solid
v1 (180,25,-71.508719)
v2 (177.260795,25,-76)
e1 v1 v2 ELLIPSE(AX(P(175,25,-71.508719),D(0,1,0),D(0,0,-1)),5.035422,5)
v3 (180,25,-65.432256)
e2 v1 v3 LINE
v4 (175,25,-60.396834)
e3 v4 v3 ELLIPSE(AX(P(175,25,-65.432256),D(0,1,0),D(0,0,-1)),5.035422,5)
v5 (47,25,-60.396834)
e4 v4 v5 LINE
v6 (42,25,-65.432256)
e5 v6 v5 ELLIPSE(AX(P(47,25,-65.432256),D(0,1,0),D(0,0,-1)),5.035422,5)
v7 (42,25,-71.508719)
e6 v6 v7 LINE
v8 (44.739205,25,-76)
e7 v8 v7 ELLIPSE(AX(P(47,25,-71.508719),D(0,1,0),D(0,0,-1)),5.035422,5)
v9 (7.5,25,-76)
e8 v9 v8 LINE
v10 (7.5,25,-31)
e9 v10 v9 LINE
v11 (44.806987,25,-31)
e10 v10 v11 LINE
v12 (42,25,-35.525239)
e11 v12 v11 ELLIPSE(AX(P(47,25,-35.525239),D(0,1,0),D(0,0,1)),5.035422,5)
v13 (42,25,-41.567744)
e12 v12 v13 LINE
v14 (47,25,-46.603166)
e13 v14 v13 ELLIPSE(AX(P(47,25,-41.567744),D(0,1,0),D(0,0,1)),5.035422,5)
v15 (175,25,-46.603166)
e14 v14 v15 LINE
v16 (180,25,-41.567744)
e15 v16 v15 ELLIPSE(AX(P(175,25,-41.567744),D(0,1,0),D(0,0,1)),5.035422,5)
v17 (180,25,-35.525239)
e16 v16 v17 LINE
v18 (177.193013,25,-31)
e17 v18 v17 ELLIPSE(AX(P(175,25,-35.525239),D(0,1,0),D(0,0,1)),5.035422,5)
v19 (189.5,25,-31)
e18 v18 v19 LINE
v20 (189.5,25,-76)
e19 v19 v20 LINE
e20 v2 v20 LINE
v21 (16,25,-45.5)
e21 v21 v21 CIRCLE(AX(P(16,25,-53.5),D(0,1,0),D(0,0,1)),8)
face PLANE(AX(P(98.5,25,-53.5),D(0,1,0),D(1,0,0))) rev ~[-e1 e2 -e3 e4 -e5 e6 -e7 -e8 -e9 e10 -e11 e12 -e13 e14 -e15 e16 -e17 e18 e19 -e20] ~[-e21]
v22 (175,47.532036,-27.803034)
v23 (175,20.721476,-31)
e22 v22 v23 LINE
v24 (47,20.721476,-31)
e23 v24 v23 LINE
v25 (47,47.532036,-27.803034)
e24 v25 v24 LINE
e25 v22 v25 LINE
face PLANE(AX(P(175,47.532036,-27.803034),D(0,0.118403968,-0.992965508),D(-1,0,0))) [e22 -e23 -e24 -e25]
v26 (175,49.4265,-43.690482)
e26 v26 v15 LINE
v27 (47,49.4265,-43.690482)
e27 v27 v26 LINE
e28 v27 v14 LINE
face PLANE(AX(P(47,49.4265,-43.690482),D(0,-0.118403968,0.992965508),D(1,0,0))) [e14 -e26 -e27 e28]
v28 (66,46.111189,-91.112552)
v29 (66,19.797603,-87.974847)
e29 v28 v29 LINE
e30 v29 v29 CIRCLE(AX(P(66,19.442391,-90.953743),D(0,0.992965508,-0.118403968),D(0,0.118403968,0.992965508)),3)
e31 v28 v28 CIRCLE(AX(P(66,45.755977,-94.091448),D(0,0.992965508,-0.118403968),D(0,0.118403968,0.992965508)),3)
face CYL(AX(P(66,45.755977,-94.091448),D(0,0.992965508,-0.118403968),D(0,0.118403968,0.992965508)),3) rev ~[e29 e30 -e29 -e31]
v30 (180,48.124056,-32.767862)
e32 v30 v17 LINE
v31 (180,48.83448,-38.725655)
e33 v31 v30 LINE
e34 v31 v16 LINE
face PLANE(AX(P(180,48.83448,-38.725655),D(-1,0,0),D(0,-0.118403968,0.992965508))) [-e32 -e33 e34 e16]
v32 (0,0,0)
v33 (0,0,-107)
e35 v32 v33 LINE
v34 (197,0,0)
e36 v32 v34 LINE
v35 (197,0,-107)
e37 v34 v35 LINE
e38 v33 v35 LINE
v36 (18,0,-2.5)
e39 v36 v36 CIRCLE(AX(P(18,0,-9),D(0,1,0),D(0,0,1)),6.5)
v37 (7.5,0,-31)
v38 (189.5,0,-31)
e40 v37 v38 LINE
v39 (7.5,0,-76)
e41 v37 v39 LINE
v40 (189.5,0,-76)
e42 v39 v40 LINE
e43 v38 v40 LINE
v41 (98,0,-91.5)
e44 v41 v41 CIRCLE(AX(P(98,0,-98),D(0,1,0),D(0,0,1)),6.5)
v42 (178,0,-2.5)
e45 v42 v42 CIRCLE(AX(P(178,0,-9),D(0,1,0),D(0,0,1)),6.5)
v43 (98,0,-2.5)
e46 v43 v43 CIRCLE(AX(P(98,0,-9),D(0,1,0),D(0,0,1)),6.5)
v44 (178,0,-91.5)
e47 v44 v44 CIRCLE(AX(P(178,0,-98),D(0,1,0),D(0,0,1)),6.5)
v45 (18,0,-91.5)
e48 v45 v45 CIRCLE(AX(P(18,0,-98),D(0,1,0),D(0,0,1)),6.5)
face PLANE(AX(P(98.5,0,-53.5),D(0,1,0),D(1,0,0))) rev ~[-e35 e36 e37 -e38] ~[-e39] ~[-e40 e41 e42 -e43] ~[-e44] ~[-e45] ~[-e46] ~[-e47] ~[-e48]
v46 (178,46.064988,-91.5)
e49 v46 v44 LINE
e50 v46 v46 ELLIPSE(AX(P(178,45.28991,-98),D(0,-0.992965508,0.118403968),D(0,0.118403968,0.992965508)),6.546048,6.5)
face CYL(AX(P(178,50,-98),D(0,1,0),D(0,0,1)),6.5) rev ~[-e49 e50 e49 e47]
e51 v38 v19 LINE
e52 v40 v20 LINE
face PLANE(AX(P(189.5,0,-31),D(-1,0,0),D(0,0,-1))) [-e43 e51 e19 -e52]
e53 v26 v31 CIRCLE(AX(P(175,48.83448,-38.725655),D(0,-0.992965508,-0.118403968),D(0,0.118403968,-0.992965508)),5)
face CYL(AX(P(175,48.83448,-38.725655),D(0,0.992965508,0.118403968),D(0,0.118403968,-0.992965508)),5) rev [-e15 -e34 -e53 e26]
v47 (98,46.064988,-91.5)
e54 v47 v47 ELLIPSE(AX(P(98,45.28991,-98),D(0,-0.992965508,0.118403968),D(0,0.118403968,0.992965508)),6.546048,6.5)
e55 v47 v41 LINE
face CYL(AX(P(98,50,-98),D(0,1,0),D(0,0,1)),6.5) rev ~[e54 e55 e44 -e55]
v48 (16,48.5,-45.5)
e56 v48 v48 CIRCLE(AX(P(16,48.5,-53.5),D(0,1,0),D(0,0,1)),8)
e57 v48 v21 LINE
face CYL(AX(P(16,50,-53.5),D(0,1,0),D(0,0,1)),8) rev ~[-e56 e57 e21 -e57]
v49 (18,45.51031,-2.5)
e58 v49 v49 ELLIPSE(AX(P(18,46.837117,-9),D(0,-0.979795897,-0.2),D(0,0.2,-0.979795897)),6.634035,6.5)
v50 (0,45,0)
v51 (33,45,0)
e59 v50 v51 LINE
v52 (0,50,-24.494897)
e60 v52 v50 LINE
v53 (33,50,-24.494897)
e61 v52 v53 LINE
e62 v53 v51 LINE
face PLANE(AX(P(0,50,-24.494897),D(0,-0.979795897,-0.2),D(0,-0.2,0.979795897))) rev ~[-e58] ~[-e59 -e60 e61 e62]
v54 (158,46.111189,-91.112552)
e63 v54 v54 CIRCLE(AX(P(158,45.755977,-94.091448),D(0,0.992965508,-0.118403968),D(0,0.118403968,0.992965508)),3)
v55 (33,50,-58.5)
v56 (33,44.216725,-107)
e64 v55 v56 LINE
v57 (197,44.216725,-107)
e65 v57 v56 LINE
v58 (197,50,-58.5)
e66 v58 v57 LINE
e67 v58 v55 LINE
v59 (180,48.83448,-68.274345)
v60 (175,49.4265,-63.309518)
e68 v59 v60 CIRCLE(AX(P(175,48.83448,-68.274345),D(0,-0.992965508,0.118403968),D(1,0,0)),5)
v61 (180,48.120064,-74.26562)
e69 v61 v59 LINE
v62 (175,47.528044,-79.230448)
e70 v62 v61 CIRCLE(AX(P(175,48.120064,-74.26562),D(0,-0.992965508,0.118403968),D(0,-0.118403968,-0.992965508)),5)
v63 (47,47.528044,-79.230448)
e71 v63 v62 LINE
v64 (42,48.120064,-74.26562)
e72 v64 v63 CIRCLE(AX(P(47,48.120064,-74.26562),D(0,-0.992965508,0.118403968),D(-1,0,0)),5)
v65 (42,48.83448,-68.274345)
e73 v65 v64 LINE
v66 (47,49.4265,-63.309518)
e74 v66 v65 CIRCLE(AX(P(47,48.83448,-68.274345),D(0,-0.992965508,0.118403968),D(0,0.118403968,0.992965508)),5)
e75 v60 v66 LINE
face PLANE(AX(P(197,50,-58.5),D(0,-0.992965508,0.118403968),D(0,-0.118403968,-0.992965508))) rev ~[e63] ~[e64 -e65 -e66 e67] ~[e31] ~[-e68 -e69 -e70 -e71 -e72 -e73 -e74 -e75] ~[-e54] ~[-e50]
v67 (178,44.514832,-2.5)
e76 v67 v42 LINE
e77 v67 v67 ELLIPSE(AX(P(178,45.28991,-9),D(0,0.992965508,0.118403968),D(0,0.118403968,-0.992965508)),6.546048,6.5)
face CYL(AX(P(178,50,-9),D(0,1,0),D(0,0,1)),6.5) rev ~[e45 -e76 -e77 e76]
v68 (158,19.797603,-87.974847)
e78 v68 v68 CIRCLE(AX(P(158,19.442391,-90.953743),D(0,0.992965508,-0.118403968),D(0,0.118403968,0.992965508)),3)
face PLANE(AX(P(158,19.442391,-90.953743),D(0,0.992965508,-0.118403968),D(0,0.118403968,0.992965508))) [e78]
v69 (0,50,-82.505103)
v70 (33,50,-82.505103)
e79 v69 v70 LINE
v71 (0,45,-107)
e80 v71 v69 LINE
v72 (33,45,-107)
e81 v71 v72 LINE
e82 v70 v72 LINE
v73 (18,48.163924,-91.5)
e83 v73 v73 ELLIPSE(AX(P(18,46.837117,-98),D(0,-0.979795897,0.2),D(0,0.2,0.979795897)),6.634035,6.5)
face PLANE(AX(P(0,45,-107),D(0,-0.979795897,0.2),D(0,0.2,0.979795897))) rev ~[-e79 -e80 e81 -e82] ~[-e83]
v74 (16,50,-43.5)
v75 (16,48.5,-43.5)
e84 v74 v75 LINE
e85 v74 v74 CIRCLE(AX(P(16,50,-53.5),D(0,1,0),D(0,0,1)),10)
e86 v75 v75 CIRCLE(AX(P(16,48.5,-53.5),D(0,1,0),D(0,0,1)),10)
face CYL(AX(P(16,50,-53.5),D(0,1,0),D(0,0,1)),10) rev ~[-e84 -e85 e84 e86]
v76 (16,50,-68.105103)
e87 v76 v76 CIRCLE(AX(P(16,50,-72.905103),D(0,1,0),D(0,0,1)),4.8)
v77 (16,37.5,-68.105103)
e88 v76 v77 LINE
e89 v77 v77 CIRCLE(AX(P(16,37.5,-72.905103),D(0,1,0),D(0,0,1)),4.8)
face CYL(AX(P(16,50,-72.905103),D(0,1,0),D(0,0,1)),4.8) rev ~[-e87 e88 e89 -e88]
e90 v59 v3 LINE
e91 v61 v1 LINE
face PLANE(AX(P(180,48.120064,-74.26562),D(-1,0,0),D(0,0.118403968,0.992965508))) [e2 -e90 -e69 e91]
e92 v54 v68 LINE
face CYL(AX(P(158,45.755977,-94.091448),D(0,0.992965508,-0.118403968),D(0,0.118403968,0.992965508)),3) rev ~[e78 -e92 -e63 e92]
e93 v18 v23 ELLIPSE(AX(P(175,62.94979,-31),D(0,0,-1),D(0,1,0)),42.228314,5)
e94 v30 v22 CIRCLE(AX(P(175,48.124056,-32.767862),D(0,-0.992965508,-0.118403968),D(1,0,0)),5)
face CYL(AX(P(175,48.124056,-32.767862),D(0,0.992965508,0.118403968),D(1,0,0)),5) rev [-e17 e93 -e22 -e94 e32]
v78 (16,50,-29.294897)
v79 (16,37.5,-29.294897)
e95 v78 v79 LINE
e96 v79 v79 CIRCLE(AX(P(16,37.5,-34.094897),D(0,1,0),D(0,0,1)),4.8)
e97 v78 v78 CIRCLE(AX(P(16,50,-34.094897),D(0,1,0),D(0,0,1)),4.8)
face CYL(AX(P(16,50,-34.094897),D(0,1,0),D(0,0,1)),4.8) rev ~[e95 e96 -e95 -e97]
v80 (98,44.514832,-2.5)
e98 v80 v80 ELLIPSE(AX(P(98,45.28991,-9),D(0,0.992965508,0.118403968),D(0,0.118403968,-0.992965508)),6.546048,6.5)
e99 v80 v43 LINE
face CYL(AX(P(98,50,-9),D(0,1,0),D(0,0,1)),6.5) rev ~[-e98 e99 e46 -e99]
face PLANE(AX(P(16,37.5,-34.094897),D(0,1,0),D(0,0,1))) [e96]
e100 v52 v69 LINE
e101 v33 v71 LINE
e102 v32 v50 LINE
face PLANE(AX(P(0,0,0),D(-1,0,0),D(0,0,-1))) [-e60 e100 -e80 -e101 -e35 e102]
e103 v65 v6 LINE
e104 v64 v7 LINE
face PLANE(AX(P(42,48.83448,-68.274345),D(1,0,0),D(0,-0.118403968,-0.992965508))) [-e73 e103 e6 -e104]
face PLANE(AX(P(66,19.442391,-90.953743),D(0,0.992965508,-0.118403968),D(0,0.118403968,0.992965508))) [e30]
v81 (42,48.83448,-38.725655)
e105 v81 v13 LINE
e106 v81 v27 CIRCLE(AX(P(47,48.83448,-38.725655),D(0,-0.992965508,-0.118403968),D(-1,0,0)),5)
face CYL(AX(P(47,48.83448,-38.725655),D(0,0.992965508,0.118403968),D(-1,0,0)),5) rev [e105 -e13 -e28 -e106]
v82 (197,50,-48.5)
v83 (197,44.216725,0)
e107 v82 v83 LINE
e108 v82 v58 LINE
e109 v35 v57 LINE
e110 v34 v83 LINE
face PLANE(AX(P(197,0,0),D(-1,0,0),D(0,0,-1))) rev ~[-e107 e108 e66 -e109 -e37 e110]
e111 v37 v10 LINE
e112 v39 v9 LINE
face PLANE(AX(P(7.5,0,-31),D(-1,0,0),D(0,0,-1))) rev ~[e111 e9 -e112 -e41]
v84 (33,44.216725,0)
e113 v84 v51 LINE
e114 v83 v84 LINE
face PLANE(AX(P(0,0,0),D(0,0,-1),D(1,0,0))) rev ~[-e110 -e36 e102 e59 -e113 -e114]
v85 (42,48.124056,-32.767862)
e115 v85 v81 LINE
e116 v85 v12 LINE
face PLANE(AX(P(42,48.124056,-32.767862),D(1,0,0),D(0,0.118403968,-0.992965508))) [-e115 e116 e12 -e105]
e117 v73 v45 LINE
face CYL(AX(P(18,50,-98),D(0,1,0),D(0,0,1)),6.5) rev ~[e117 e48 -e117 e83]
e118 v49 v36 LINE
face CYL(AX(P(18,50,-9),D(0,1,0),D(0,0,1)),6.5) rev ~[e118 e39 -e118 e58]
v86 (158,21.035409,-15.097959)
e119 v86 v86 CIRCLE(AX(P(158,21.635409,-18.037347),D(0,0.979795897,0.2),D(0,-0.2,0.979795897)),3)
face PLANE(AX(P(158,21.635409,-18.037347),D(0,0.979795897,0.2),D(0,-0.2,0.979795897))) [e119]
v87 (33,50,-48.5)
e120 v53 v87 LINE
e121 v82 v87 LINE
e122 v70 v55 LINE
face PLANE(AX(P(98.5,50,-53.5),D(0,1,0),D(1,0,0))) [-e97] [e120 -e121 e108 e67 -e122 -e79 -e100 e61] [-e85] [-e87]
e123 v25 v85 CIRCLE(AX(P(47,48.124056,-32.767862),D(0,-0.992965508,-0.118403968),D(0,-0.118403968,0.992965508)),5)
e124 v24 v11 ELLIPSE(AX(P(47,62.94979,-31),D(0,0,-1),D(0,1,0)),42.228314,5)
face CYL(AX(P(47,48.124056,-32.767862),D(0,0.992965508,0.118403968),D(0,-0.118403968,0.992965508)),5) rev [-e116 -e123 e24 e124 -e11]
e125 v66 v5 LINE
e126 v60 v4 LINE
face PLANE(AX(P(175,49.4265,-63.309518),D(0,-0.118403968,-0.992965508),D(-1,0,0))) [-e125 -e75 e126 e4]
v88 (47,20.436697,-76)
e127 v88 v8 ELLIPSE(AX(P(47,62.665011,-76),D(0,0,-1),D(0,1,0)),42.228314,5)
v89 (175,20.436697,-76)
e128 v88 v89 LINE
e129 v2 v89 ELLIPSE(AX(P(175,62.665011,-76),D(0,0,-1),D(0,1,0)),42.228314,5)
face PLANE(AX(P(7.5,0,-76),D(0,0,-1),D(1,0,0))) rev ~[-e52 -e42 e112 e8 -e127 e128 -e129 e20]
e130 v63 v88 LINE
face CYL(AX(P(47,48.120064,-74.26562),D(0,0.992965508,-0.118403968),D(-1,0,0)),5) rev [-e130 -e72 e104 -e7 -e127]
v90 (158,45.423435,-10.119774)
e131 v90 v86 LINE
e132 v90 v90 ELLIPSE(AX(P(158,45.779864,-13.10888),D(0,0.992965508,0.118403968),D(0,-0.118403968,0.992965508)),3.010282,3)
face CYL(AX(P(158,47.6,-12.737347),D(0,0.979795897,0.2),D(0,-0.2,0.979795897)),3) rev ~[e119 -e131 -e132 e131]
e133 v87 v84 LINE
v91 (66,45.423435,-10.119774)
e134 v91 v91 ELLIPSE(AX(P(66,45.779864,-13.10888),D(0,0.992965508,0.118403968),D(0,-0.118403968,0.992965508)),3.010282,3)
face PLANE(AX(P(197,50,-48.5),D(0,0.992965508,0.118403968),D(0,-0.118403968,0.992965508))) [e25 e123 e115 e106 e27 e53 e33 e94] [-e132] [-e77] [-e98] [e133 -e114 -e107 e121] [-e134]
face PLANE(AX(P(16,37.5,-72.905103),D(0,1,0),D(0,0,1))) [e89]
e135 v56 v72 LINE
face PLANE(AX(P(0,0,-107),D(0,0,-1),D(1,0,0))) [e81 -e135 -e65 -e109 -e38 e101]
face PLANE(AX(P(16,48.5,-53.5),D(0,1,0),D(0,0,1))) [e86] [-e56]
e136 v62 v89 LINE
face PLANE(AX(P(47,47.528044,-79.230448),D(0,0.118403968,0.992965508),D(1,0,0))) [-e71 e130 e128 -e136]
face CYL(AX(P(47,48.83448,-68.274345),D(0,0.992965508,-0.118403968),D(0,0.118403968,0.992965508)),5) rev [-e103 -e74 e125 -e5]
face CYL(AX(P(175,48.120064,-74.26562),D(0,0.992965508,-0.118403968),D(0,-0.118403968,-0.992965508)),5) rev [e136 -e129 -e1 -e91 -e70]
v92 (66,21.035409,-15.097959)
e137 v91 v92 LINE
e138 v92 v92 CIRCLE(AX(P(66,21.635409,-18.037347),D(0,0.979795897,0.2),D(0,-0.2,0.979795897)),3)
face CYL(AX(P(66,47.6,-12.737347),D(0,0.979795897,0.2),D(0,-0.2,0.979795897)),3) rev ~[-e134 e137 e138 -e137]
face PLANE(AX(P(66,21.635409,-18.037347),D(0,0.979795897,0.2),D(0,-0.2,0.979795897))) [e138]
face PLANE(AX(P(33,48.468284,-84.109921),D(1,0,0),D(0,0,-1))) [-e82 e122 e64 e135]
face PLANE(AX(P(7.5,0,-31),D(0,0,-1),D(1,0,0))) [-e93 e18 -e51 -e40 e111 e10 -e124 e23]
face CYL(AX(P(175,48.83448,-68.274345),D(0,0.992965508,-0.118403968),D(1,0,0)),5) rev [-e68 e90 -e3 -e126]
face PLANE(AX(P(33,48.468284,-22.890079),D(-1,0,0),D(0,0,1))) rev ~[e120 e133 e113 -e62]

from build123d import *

# Parameters (mm, degrees)
SKETCH1_W           = 197
SKETCH1_H           = 107
BOSS_EXTRUDE1_DEPTH = 50
SKETCH4_W           = 182
SKETCH4_H           = 45
CUT_EXTRUDE2_DEPTH  = 25
CUT_EXTRUDE3_DEPTH  = 164
CUT_EXTRUDE12_DEPTH = 164
CUT_EXTRUDE5_DEPTH  = 230.691096911
SKETCH9_R           = 8
CUT_EXTRUDE6_DEPTH  = 171
SKETCH10_R          = 10
CUT_EXTRUDE7_DEPTH  = 1.5
SKETCH11_R          = 4.8
CUT_EXTRUDE8_DEPTH  = 12.5
SKETCH12_R          = 6.5
CUT_EXTRUDE9_DEPTH  = 230.691096911
SKETCH13_R          = 3
CUT_EXTRUDE10_DEPTH = 26.5
SKETCH14_R          = 3
CUT_EXTRUDE11_DEPTH = 26.5
CUT_EXTRUDE14_DEPTH = 35
CUT_EXTRUDE15_DEPTH = 130


with BuildPart() as part:
    # Sketch1 → Boss-Extrude1 (new body)
    with BuildSketch(Plane(origin=(0, 0, 0), x_dir=(1, 0, 0), z_dir=(0, 1, 0))):
        with Locations((98.5, 53.5)):
            Rectangle(SKETCH1_W, SKETCH1_H)
    extrude(amount=BOSS_EXTRUDE1_DEPTH)

    # Sketch4 → Cut-Extrude2 (cut)
    with BuildSketch(Plane(origin=(0, 0, 0), x_dir=(1, 0, 0), z_dir=(0, 1, 0))):
        with Locations((98.5, 53.5)):
            Rectangle(SKETCH4_W, SKETCH4_H)
    extrude(amount=CUT_EXTRUDE2_DEPTH, mode=Mode.SUBTRACT)

    # Sketch5 → Cut-Extrude3 (cut)
    with BuildSketch(Plane(origin=(197, 0, 0), x_dir=(0, 0, -1), z_dir=(1, 0, 0))):
        Polygon((58.5, 50), (107, 44.216725137), (107, 50), align=None)
    extrude(amount=-CUT_EXTRUDE3_DEPTH, mode=Mode.SUBTRACT)

    # Sketch18 → Cut-Extrude12 (cut)
    with BuildSketch(Plane(origin=(197, 0, 0), x_dir=(0, 0, -1), z_dir=(1, 0, 0))):
        Polygon((0, 44.216725137), (0, 50), (48.5, 50), align=None)
    extrude(amount=-CUT_EXTRUDE12_DEPTH, mode=Mode.SUBTRACT)

    # Sketch7 → Cut-Extrude5 (cut, through all)
    with BuildSketch(Plane(origin=(0, 0, 0), x_dir=(0, 0, -1), z_dir=(1, 0, 0))):
        Polygon((107, 50), (107, 45), (82.505102572, 50), align=None)
        Polygon((0, 45), (0, 50), (24.494897428, 50), align=None)
    extrude(amount=CUT_EXTRUDE5_DEPTH, mode=Mode.SUBTRACT)

    # Sketch9 → Cut-Extrude6 (cut)
    with BuildSketch(Plane(origin=(0, 50, 0), x_dir=(1, 0, 0), z_dir=(0, 1, 0))):
        with Locations(Location((16, 53.5, 0), (0, 0, 270))):
            Circle(SKETCH9_R)
    extrude(amount=-CUT_EXTRUDE6_DEPTH, mode=Mode.SUBTRACT)

    # Sketch10 → Cut-Extrude7 (cut)
    with BuildSketch(Plane(origin=(0, 50, 0), x_dir=(1, 0, 0), z_dir=(0, 1, 0))):
        with Locations(Location((16, 53.5, 0), (0, 0, 270))):
            Circle(SKETCH10_R)
    extrude(amount=-CUT_EXTRUDE7_DEPTH, mode=Mode.SUBTRACT)

    # Sketch11 → Cut-Extrude8 (cut)
    with BuildSketch(Plane(origin=(0, 50, 0), x_dir=(1, 0, 0), z_dir=(0, 1, 0))):
        with Locations(Location((16, 72.905102572, 0), (0, 0, 270))):
            Circle(SKETCH11_R)
        with Locations(Location((16, 34.094897428, 0), (0, 0, 270))):
            Circle(SKETCH11_R)
    extrude(amount=-CUT_EXTRUDE8_DEPTH, mode=Mode.SUBTRACT)

    # Sketch12 → Cut-Extrude9 (cut, through all)
    with BuildSketch(Plane(origin=(0, 50, 0), x_dir=(1, 0, 0), z_dir=(0, 1, 0))):
        with Locations(Location((18, 98, 0), (0, 0, 270))):
            Circle(SKETCH12_R)
        with Locations(Location((98, 9, 0), (0, 0, 270))):
            Circle(SKETCH12_R)
        with Locations(Location((178, 9, 0), (0, 0, 270))):
            Circle(SKETCH12_R)
        with Locations(Location((18, 9, 0), (0, 0, 270))):
            Circle(SKETCH12_R)
        with Locations(Location((98, 98, 0), (0, 0, 270))):
            Circle(SKETCH12_R)
        with Locations(Location((178, 98, 0), (0, 0, 270))):
            Circle(SKETCH12_R)
    extrude(amount=-CUT_EXTRUDE9_DEPTH, mode=Mode.SUBTRACT)

    # Sketch13 → Cut-Extrude10 (cut)
    with BuildSketch(Plane(origin=(0, 56.176931823, -6.698693561), x_dir=(1, 0, 0), z_dir=(0, 0.9929655081065378, -0.11840396830649387))):
        with Locations(Location((66, 88.011873646, 0), (0, 0, 270))):
            Circle(SKETCH13_R)
        with Locations(Location((158, 88.011873646, 0), (0, 0, 270))):
            Circle(SKETCH13_R)
    extrude(amount=-CUT_EXTRUDE10_DEPTH, mode=Mode.SUBTRACT)

    # Sketch14 → Cut-Extrude11 (cut)
    with BuildSketch(Plane(origin=(0, 43.2, 8.818163074), x_dir=(1, 0, 0), z_dir=(0, 0.9797958971132713, 0.2000000000000002))):
        with Locations(Location((66, 22, 0), (0, 0, 270))):
            Circle(SKETCH14_R)
        with Locations(Location((158, 22, 0), (0, 0, 270))):
            Circle(SKETCH14_R)
    extrude(amount=-CUT_EXTRUDE11_DEPTH, mode=Mode.SUBTRACT)

    # Sketch23 → Cut-Extrude14 (cut)
    with BuildSketch(Plane(origin=(0, 43.596828772, 5.198607092), x_dir=(1, 0, 0), z_dir=(0, 0.9929655081065377, 0.11840396830649416))):
        with BuildLine():
            Line((47, 49.235435722), (175, 49.235435722))
            ThreePointArc((175, 49.235435722), (178.535533906, 47.770969628), (180, 44.235435722))
            Line((180, 44.235435722), (180, 38.235435722))
            ThreePointArc((180, 38.235435722), (178.535533906, 34.699901816), (175, 33.235435722))
            Line((175, 33.235435722), (47, 33.235435722))
            ThreePointArc((47, 33.235435722), (43.464466094, 34.699901816), (42, 38.235435722))
            Line((42, 38.235435722), (42, 44.235435722))
            ThreePointArc((42, 44.235435722), (43.464466094, 47.770969628), (47, 49.235435722))
        make_face()
    extrude(amount=-CUT_EXTRUDE14_DEPTH, mode=Mode.SUBTRACT)

    # Sketch6 → Cut-Extrude15 (cut)
    with BuildSketch(Plane(origin=(0, 56.176931823, -6.698693561), x_dir=(1, 0, 0), z_dir=(0, 0.9929655081065378, -0.11840396830649387))):
        with BuildLine():
            Line((47, 73.04559264), (175, 73.04559264))
            ThreePointArc((175, 73.04559264), (178.535533906, 71.581126546), (180, 68.04559264))
            Line((180, 68.04559264), (180, 62.011873646))
            ThreePointArc((180, 62.011873646), (178.535533906, 58.47633974), (175, 57.011873646))
            Line((175, 57.011873646), (47, 57.011873646))
            ThreePointArc((47, 57.011873646), (43.464466094, 58.47633974), (42, 62.011873646))
            Line((42, 62.011873646), (42, 68.04559264))
            ThreePointArc((42, 68.04559264), (43.464466094, 71.581126546), (47, 73.04559264))
        make_face()
    extrude(amount=-CUT_EXTRUDE15_DEPTH, mode=Mode.SUBTRACT)


solid = part.part
